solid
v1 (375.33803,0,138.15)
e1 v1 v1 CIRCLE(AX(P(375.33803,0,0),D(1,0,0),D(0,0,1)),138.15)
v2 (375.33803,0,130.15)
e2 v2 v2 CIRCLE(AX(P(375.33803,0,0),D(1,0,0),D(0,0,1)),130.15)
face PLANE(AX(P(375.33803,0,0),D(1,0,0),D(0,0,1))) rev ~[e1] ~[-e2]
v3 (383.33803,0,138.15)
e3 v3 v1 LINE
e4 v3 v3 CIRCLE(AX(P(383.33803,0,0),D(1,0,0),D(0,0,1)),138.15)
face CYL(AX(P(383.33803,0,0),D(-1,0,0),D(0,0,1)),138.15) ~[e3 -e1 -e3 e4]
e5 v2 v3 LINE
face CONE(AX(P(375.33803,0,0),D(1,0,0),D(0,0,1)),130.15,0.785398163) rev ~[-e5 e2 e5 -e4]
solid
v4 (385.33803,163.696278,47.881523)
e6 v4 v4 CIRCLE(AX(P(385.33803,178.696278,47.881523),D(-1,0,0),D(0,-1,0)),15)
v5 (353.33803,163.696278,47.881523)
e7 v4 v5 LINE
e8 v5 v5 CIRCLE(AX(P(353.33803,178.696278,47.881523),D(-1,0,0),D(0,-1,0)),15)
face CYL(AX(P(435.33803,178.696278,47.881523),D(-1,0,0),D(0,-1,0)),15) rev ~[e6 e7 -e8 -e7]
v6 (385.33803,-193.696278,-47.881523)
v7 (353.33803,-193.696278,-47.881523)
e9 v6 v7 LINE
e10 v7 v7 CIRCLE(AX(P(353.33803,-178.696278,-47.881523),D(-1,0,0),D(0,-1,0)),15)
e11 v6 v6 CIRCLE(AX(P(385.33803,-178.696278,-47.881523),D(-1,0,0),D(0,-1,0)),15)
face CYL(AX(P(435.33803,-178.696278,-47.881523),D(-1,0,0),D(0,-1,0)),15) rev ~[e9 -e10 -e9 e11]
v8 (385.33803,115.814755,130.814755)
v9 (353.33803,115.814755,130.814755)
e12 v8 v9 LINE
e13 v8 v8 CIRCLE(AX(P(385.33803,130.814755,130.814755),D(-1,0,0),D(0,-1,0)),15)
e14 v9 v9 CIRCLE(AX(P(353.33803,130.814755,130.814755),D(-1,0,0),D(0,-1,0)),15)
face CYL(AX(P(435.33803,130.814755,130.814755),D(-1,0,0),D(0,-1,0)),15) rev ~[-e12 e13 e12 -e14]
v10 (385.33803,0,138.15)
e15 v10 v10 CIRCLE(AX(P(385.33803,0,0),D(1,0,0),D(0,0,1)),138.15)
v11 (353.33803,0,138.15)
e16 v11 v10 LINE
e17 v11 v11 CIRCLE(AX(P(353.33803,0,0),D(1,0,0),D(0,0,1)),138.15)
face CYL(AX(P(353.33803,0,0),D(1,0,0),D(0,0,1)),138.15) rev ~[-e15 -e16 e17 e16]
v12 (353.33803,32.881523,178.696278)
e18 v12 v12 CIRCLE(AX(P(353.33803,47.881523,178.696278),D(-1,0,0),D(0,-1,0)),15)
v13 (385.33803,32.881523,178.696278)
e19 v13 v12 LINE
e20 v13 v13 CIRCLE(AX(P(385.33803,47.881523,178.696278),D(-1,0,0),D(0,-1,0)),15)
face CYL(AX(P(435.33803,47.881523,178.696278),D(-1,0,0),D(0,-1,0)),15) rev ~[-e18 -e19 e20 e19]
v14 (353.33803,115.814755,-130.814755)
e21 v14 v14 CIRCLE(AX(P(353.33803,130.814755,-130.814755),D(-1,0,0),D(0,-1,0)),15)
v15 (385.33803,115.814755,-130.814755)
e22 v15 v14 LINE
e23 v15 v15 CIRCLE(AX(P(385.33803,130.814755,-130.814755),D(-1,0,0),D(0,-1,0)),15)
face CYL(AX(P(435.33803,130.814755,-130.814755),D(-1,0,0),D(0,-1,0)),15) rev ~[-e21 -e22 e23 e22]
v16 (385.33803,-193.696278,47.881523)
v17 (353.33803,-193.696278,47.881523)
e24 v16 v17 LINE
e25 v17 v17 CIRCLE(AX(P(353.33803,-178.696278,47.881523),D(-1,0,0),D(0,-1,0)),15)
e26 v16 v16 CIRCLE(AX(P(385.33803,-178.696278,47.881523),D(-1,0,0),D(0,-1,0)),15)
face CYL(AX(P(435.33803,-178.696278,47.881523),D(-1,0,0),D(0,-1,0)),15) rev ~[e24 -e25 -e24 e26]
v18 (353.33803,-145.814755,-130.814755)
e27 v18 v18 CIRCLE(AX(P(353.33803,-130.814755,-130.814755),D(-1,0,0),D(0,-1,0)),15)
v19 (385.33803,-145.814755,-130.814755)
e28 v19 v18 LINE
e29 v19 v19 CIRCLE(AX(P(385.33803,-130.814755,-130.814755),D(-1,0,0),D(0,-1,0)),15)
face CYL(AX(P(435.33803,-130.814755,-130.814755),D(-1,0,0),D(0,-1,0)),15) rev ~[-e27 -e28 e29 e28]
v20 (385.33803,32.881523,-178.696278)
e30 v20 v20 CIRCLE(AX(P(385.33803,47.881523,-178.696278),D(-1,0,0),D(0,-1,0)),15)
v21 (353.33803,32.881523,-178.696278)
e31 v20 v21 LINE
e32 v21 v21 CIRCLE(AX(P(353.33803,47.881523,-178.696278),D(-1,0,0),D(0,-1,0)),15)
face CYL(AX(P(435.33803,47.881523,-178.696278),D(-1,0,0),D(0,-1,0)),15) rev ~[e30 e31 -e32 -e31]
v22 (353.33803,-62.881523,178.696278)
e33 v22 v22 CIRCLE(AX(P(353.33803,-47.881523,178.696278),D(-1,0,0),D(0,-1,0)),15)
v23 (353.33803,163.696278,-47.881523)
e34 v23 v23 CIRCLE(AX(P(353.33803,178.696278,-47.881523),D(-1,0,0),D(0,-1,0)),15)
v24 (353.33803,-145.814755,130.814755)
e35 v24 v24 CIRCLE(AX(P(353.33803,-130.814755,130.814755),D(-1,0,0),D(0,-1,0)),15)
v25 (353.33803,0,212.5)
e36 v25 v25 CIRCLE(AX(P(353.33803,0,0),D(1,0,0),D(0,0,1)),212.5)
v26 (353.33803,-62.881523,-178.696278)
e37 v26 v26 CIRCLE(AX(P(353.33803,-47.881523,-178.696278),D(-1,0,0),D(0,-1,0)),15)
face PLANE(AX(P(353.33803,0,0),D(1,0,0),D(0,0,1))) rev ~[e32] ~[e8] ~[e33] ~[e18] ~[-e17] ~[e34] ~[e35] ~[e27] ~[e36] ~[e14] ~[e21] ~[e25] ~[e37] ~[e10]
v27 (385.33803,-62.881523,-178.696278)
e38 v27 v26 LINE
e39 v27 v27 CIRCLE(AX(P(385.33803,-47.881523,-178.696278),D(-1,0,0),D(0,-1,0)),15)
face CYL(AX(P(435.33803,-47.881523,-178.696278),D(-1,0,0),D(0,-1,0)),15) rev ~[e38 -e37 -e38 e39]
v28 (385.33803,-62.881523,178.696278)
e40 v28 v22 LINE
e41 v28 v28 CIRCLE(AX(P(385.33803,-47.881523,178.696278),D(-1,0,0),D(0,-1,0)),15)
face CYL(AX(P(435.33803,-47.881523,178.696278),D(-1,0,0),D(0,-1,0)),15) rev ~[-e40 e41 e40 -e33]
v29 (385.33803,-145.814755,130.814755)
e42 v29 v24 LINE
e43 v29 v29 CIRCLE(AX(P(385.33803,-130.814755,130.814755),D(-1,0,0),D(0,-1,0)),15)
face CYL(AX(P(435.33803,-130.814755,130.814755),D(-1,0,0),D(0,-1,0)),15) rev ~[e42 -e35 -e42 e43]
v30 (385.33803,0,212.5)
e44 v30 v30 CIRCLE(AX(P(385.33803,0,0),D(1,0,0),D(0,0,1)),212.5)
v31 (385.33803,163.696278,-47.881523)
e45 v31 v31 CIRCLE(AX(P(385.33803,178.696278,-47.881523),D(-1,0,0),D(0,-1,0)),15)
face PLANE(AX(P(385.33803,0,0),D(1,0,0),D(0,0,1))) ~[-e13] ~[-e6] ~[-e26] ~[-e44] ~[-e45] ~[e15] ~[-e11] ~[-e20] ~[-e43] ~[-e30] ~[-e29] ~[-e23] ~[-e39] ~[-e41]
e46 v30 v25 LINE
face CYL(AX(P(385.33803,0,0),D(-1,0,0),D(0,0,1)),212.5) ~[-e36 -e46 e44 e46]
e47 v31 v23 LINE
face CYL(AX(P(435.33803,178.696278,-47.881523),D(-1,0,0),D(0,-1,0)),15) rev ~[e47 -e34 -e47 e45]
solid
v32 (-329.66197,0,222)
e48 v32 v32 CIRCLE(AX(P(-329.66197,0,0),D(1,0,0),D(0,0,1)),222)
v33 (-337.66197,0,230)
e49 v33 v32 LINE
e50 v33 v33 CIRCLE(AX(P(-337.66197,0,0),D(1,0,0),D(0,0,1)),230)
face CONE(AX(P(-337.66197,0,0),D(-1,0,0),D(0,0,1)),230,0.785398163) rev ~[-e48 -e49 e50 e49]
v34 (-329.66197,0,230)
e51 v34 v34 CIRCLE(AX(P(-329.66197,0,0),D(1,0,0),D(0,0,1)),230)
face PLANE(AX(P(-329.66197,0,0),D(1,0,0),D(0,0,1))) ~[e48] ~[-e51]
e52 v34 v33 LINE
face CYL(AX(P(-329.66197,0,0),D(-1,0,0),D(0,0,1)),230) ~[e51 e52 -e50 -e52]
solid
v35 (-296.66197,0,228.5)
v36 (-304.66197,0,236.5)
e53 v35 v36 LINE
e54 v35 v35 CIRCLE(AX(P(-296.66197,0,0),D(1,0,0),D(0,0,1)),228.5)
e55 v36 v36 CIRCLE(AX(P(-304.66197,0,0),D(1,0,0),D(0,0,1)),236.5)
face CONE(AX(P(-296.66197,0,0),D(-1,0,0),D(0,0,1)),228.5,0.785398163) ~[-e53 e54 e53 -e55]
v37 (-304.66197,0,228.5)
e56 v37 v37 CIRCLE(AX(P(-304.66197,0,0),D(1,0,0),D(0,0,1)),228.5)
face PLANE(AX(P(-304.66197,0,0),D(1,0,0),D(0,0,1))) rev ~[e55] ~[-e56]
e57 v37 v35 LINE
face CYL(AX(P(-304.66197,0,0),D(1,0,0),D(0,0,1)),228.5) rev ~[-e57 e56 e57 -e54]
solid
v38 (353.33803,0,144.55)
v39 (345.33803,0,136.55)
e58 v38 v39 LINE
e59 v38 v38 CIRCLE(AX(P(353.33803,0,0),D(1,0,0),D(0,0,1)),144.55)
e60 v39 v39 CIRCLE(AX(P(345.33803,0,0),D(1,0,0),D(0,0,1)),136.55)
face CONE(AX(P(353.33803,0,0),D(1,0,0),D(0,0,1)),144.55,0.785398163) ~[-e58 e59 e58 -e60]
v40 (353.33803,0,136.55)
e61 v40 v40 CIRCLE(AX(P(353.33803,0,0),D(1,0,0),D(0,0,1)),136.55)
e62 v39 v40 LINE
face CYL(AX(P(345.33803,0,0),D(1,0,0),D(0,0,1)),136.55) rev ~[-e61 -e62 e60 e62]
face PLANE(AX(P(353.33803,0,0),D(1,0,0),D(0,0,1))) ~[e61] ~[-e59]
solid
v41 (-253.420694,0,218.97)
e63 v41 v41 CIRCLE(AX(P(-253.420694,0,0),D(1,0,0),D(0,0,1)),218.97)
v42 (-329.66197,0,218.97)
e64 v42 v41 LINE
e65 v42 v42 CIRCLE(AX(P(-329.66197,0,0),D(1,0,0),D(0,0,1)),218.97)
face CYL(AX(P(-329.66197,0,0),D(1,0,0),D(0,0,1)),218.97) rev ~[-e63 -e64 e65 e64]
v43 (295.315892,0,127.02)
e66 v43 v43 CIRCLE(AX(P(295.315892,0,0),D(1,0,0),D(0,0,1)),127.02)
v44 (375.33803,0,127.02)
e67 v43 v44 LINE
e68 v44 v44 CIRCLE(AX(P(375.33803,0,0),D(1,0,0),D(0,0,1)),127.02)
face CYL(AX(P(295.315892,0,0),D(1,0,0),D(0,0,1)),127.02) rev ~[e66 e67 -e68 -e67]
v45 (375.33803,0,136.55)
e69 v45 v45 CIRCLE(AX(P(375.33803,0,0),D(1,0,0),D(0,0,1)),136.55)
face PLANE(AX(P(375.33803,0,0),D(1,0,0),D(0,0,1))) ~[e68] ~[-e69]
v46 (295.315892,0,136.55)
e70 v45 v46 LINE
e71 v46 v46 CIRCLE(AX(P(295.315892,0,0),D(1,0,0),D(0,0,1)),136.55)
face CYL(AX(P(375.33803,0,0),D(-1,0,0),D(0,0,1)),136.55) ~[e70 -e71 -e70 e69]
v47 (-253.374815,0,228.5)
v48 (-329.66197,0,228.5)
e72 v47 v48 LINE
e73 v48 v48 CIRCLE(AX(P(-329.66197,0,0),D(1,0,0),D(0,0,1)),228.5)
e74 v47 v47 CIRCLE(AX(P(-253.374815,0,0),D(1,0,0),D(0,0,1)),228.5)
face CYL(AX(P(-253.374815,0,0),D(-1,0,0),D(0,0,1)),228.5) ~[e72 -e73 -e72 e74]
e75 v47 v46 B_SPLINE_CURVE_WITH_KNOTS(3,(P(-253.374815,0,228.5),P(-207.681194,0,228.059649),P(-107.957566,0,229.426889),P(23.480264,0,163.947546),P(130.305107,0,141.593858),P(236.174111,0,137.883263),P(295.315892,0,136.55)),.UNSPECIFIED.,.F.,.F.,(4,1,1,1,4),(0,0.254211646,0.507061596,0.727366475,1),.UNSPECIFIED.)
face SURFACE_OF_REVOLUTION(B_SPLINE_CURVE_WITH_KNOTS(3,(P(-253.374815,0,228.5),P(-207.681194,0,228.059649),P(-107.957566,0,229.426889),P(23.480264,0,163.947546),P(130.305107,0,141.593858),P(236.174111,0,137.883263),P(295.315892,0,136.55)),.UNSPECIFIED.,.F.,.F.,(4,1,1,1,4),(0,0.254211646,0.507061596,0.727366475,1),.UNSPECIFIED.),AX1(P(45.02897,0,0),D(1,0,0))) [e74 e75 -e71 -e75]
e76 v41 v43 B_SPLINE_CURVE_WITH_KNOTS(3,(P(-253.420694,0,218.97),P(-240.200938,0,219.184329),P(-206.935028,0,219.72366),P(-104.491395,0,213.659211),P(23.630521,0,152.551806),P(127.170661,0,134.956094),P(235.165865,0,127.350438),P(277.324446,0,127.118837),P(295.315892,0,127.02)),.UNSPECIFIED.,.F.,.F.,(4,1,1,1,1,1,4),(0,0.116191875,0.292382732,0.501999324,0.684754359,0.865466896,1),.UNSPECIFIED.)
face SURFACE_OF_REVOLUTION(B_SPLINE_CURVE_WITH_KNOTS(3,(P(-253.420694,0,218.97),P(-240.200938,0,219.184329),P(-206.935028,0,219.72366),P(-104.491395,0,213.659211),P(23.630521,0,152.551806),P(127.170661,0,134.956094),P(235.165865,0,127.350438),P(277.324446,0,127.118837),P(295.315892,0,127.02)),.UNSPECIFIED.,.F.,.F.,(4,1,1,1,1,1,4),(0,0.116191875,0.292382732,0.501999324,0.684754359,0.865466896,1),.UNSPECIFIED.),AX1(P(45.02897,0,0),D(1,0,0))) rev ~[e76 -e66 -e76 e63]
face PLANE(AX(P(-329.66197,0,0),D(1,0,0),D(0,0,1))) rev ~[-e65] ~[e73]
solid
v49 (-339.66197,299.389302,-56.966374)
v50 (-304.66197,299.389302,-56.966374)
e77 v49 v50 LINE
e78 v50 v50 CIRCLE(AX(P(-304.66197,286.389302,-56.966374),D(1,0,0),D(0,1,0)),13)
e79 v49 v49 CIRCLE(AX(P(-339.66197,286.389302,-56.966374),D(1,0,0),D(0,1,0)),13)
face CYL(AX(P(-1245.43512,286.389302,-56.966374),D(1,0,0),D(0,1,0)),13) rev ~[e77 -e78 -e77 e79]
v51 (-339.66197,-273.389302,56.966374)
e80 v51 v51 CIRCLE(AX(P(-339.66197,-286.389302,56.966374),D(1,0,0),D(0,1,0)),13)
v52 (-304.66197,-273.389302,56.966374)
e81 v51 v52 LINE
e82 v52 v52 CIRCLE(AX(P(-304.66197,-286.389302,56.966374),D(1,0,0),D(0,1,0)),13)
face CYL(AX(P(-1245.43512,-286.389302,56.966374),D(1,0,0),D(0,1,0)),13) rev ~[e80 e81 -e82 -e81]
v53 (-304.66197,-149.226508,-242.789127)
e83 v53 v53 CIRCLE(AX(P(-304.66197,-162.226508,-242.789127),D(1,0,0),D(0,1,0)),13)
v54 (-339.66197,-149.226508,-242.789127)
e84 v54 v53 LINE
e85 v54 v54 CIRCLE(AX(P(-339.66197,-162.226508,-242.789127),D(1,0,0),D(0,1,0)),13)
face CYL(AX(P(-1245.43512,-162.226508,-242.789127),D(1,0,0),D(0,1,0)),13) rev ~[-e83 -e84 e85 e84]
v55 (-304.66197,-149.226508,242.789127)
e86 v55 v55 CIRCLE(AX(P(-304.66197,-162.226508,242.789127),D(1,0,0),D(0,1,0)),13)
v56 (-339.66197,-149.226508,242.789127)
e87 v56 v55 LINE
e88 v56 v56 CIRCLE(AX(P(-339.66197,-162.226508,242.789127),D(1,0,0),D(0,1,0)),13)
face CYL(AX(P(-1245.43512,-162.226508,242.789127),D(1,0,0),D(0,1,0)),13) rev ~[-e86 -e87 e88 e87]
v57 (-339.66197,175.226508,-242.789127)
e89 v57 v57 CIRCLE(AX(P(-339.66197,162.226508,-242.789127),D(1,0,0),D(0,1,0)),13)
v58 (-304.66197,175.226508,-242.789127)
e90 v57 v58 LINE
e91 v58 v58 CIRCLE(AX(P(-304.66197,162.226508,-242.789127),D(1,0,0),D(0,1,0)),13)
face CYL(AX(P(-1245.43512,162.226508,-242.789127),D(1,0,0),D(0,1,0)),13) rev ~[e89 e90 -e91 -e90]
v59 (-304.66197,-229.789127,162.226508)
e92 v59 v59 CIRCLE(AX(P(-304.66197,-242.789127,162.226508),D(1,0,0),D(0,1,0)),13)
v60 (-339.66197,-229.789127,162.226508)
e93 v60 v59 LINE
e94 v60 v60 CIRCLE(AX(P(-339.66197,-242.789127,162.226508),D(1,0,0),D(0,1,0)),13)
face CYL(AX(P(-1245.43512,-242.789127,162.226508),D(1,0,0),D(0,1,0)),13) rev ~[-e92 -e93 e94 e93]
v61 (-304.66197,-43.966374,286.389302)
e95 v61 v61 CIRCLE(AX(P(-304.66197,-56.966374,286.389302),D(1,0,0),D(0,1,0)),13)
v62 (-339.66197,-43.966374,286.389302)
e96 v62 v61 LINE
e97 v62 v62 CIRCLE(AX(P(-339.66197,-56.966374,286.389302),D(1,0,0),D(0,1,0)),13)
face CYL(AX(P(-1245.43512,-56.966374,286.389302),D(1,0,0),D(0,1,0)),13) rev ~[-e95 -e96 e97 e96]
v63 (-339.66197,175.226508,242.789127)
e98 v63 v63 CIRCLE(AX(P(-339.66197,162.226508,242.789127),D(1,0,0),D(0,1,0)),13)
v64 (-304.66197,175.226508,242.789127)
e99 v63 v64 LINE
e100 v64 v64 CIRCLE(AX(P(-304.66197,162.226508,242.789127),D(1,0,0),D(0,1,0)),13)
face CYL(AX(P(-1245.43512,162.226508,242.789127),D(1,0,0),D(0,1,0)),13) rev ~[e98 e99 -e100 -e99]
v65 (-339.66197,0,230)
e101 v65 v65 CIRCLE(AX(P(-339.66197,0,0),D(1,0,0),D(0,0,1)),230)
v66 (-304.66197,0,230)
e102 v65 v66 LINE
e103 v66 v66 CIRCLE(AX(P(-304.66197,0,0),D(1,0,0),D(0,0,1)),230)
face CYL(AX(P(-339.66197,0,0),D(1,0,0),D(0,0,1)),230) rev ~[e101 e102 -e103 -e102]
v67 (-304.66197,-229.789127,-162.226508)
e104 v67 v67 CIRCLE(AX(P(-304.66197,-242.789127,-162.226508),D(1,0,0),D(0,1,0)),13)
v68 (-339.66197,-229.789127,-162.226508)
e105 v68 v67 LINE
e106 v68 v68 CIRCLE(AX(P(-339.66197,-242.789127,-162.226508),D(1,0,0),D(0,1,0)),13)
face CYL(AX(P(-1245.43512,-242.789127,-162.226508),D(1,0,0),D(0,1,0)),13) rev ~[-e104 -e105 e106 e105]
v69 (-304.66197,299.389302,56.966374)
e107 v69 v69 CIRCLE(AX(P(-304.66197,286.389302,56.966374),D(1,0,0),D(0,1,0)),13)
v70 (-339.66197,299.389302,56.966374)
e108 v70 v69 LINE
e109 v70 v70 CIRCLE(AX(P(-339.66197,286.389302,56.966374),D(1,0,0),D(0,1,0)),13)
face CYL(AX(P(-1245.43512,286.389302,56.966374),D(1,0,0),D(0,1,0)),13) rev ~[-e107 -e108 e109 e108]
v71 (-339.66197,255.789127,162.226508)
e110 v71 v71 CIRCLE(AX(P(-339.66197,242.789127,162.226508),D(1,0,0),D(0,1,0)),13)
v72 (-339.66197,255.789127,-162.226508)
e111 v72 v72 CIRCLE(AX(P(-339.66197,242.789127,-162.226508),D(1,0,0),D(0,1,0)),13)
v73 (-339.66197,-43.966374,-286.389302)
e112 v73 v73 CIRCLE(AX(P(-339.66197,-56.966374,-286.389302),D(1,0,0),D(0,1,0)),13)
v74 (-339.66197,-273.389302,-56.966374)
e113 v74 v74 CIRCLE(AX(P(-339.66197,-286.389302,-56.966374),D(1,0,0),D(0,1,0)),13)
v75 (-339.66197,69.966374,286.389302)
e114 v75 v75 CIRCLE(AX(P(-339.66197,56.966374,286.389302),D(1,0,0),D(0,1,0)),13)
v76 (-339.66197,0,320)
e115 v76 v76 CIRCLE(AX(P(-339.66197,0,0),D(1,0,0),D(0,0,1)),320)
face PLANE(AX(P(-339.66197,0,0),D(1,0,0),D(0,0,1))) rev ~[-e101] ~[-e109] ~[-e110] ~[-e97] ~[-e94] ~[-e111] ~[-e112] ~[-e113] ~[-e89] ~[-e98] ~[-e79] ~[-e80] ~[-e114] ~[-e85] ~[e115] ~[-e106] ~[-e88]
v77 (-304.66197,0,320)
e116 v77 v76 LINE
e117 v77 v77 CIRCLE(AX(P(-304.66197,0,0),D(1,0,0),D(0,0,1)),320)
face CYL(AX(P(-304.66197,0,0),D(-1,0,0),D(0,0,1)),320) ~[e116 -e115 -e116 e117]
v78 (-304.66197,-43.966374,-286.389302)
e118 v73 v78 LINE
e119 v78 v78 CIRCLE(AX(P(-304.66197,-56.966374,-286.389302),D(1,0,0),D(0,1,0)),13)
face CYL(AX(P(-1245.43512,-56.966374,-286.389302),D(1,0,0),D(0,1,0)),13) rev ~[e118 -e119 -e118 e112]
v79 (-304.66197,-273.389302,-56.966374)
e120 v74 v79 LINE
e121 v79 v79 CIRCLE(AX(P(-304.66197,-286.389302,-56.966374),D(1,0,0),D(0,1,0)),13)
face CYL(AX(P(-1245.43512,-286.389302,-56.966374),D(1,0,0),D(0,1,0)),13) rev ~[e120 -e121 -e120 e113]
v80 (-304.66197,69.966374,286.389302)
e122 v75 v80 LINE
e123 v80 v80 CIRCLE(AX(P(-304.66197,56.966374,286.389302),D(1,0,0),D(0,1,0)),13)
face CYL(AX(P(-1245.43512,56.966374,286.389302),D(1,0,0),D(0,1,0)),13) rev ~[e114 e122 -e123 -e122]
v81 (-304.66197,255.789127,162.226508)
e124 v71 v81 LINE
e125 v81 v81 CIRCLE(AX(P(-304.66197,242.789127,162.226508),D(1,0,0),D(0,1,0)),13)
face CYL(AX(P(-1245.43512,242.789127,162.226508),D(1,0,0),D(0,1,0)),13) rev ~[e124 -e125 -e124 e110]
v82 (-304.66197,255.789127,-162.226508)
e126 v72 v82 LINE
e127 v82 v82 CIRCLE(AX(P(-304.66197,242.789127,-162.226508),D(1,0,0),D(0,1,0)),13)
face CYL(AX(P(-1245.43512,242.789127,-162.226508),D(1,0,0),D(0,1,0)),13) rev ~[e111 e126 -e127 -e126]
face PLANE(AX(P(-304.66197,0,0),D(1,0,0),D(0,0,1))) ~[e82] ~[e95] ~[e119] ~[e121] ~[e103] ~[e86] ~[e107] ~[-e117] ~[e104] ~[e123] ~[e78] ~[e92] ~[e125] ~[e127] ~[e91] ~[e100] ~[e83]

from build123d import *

# Parameters (mm, degrees)
F6_D     = 30
F6_DEPTH = 50
F6_TIP   = 9.0129092854
F8_D     = 26


with BuildPart() as f1:
    # F0 (on Front) → F1 (revolve)
    with BuildSketch(Plane.XZ):
        Polygon((-337.6619696266, 230), (-329.6619696266, 230), (-304.6619696266, 230), (-304.6619696266, 236.5), (-304.6619696266, 320), (-339.6619696266, 320), (-339.6619696266, 230), align=None)
    revolve(axis=Axis((45.028969672, 0, 0), (1, 0, 0)))

    # F8 (through all)
    with Locations(Plane(origin=(-339.6619696266, 0, 0), x_dir=(0, -1, 0), z_dir=(-1, 0, 0))):
        with Locations((-162.2265080417, 242.7891267923), (-242.7891267923, 162.2265080417), (-286.3893018777, 56.9663740287), (-286.3893018777, -56.9663740287), (-242.7891267923, -162.2265080417), (-56.9663740287, 286.3893018777), (56.9663740287, 286.3893018777), (162.2265080417, 242.7891267923), (242.7891267923, 162.2265080417), (286.3893018777, 56.9663740287), (286.3893018777, -56.9663740287), (242.7891267923, -162.2265080417), (162.2265080417, -242.7891267923), (56.9663740287, -286.3893018777), (-162.2265080417, -242.7891267923)):
            Hole(F8_D / 2)


with BuildPart() as f2:
    # F0 (on Front) → F2 (revolve)
    with BuildSketch(Plane.XZ):
        with BuildLine():
            add(Edge.make_bspline(
                [(-253.3748149872, 228.5), (-207.6811939478, 228.0596494675), (-107.9575658009, 229.4268890138), (23.480264241, 163.9475460602), (130.3051072184, 141.5938575123), (236.1741111698, 137.8832627127), (295.3158915043, 136.55)],
                knots=[0, 0, 0, 0, 0.2542116463, 0.5070615956, 0.7273664746, 1, 1, 1, 1], degree=3))
            Line((-253.3748149872, 228.5), (-253.4206936962, 218.97))
            add(Edge.make_bspline(
                [(-253.4206936962, 218.97), (-240.2009376391, 219.1843285332), (-206.9350282777, 219.7236602371), (-104.4913953456, 213.6592114843), (23.6305209991, 152.5518060653), (127.1706610346, 134.9560944534), (235.1658650843, 127.3504382511), (277.3244460023, 127.1188372265), (295.3158915043, 127.02)],
                knots=[0, 0, 0, 0, 0.1161918754, 0.2923827322, 0.5019993241, 0.6847543592, 0.8654668957, 1, 1, 1, 1], degree=3))
            Line((295.3158915043, 127.02), (295.3158915043, 136.55))
        make_face()
        Polygon((-304.6619696266, 228.5), (-329.6619696266, 228.5), (-329.6619696266, 222), (-329.6619696266, 218.97), (-253.4206936962, 218.97), (-253.3748149872, 228.5), (-296.6619696266, 228.5), align=None)
        Polygon((345.3380303734, 136.55), (295.3158915043, 136.55), (295.3158915043, 127.02), (375.3380303734, 127.02), (375.3380303734, 130.15), (375.3380303734, 136.55), (353.3380303734, 136.55), align=None)
    revolve(axis=Axis((45.028969672, 0, 0), (1, 0, 0)))


with BuildPart() as f3:
    # F0 (on Front) → F3 (revolve)
    with BuildSketch(Plane.XZ):
        Polygon((353.3380303734, 212.5), (353.3380303734, 144.55), (353.3380303734, 138.15), (375.3380303734, 138.15), (383.3380303734, 138.15), (385.3380303734, 138.15), (385.3380303734, 212.5), align=None)
    revolve(axis=Axis((45.028969672, 0, 0), (1, 0, 0)))

    # F6
    with Locations(Plane.YZ.offset(385.3380303734)):
        with Locations((178.6962778635, 47.881523344), (178.6962778635, -47.881523344), (130.8147545195, -130.8147545195), (47.881523344, -178.6962778635), (-47.881523344, -178.6962778635), (-130.8147545195, -130.8147545195), (-178.6962778635, -47.881523344), (-178.6962778635, 47.881523344), (-130.8147545195, 130.8147545195), (-47.881523344, 178.6962778635), (47.881523344, 178.6962778635), (130.8147545195, 130.8147545195)):
            Hole(F6_D / 2, depth=F6_DEPTH)
            with Locations((0, 0, -(F6_DEPTH + F6_TIP / 2))):  # 118° drill point
                Cone(0, F6_D / 2, F6_TIP, mode=Mode.SUBTRACT)


with BuildPart() as f4:
    # F0 (on Front) → F4 (revolve)
    with BuildSketch(Plane.XZ):
        Polygon((-329.6619696266, 222), (-329.6619696266, 228.5), (-329.6619696266, 230), (-337.6619696266, 230), align=None)
    revolve(axis=Axis((45.028969672, 0, 0), (1, 0, 0)))


with BuildPart() as f4b:
    # F0 (on Front) → F4, piece 2 (revolve)
    with BuildSketch(Plane.XZ):
        Polygon((-304.6619696266, 230), (-304.6619696266, 228.5), (-296.6619696266, 228.5), (-304.6619696266, 236.5), align=None)
    revolve(axis=Axis((45.028969672, 0, 0), (1, 0, 0)))


with BuildPart() as f4c:
    # F0 (on Front) → F4, piece 3 (revolve)
    with BuildSketch(Plane.XZ):
        Polygon((353.3380303734, 144.55), (345.3380303734, 136.55), (353.3380303734, 136.55), (353.3380303734, 138.15), align=None)
    revolve(axis=Axis((45.028969672, 0, 0), (1, 0, 0)))


with BuildPart() as f4d:
    # F0 (on Front) → F4, piece 4 (revolve)
    with BuildSketch(Plane.XZ):
        Polygon((375.3380303734, 136.55), (375.3380303734, 130.15), (383.3380303734, 138.15), (375.3380303734, 138.15), align=None)
    revolve(axis=Axis((45.028969672, 0, 0), (1, 0, 0)))


solid = Compound([f1.part, f2.part, f3.part, f4.part, f4b.part, f4c.part, f4d.part])
